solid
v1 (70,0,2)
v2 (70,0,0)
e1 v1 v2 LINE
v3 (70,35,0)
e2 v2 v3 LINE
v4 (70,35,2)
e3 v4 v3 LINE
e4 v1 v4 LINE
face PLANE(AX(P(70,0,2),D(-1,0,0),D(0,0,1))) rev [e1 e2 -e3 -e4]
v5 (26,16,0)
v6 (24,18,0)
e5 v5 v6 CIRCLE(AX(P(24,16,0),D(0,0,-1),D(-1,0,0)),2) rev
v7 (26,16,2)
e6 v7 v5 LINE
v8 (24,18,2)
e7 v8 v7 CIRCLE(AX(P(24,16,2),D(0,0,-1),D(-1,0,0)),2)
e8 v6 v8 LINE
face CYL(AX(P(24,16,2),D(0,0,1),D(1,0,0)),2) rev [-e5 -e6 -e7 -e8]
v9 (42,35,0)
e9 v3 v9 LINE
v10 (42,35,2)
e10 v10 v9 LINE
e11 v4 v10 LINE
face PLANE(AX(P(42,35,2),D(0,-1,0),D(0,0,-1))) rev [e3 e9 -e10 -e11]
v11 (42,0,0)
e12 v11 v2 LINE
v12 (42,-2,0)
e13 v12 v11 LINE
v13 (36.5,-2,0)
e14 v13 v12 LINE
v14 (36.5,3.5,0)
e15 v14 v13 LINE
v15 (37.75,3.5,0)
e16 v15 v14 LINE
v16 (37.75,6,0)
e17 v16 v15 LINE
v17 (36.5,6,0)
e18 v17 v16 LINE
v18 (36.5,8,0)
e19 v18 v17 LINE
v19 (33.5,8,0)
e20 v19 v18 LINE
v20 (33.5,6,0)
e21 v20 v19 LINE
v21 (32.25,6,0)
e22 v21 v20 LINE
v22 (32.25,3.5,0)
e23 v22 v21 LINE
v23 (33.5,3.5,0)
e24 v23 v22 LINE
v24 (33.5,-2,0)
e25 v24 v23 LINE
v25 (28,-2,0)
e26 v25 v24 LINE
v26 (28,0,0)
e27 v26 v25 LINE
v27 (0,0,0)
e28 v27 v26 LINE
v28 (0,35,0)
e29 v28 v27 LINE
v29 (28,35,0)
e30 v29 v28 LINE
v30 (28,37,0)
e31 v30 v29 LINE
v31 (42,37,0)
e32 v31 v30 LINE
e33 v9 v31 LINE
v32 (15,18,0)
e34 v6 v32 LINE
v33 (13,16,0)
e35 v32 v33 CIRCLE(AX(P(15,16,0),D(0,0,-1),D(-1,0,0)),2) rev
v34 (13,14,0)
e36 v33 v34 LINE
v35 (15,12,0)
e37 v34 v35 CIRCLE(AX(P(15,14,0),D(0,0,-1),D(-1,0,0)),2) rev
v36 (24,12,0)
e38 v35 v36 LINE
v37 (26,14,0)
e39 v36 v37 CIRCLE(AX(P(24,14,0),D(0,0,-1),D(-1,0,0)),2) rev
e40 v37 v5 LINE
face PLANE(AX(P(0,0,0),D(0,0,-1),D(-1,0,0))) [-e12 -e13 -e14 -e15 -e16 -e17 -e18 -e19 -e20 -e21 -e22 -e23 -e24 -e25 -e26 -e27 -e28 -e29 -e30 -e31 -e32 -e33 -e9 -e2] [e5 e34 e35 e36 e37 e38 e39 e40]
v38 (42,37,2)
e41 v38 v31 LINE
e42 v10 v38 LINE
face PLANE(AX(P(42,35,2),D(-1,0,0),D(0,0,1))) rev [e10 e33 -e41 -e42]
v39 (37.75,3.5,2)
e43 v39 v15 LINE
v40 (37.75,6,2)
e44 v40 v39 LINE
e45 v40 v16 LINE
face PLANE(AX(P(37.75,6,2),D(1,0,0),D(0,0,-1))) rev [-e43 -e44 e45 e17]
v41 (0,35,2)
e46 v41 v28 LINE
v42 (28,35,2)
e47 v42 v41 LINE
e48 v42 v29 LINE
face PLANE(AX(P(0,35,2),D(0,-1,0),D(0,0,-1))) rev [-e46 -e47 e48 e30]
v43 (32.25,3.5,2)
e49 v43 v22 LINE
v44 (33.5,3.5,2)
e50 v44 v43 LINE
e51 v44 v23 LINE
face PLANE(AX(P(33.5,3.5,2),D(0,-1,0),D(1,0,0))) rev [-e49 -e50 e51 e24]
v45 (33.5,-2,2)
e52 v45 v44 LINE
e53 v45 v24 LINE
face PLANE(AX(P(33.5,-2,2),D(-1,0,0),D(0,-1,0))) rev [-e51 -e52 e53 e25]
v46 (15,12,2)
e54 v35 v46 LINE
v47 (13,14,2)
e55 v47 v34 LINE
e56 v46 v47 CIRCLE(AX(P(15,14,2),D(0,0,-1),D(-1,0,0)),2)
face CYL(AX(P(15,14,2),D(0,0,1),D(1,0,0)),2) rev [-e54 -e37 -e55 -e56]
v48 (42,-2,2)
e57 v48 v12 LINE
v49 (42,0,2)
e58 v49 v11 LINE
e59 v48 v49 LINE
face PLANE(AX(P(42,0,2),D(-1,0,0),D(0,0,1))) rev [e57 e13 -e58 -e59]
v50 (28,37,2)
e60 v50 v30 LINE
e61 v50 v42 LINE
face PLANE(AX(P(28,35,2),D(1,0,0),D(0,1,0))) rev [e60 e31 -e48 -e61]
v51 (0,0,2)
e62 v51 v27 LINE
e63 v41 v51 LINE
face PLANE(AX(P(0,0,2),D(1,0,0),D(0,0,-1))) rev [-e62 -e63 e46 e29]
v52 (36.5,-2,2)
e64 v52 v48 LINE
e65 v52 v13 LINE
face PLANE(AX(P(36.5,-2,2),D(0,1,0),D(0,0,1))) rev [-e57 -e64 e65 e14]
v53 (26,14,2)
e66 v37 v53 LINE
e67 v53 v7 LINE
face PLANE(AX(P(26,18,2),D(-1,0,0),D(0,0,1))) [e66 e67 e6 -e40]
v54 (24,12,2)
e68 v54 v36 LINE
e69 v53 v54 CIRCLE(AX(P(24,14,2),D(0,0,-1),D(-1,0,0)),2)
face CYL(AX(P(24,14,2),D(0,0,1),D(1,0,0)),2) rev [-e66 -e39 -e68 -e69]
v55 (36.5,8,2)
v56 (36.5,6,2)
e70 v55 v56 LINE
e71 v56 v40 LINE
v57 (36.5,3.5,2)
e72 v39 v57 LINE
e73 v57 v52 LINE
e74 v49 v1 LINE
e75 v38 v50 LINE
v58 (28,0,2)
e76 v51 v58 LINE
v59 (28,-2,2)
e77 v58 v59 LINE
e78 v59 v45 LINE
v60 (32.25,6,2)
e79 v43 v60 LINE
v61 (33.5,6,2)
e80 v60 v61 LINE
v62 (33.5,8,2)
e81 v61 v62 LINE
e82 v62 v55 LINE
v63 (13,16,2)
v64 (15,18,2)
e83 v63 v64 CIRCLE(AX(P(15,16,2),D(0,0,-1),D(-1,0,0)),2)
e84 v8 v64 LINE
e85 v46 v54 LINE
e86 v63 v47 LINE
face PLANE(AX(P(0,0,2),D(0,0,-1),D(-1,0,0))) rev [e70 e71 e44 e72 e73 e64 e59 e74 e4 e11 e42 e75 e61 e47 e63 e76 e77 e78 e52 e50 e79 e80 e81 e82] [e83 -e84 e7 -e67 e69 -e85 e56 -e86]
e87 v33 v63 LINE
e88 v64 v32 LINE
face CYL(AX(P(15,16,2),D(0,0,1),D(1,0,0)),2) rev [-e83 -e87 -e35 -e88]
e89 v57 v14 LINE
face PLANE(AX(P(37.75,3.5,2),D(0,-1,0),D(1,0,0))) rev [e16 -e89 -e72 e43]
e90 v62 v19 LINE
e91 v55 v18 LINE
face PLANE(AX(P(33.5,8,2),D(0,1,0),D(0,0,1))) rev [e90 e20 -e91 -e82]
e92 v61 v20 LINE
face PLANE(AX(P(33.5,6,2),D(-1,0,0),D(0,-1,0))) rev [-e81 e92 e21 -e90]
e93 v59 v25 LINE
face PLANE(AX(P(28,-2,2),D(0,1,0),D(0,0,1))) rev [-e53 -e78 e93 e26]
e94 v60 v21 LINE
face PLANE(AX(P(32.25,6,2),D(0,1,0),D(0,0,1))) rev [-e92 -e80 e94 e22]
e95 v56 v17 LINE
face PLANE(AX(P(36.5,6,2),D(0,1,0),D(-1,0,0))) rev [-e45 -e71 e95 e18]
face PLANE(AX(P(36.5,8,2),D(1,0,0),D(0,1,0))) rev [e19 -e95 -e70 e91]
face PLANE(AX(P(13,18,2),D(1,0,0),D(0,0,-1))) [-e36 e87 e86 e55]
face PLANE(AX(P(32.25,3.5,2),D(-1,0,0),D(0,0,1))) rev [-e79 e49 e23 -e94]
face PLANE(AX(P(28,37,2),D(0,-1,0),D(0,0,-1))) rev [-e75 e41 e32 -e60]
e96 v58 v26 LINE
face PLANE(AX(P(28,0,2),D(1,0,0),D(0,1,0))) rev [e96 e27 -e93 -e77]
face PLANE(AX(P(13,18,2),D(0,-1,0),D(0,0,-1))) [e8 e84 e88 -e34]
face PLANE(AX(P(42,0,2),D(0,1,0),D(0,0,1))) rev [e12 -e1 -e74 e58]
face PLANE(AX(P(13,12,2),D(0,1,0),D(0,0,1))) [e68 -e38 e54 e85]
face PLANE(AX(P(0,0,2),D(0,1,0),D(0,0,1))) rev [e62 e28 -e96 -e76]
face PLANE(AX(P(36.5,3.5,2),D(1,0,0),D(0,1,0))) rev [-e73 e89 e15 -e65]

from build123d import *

# Parameters (mm, degrees)
SKETCH1_W                   = 13
SKETCH1_H                   = 6
MAIN_SLIDER_SIDE_UP_DEPTH   = 2
SLIDER_SIDE_UP_CONTOURING_R = 2


with BuildPart() as part:
    # Sketch1 → Main Slider Side Up (new body)
    with BuildSketch(Plane.XY):
        Polygon((42, 35), (70, 35), (70, 0), (42, 0), (42, -2), (36.5, -2), (36.5, 3.5), (37.75, 3.5), (37.75, 6), (36.5, 6), (36.5, 8), (33.5, 8), (33.5, 6), (32.25, 6), (32.25, 3.5), (33.5, 3.5), (33.5, -2), (28, -2), (28, 0), (0, 0), (0, 35), (28, 35), (28, 37), (42, 37), align=None)
        with Locations((19.5, 15)):
            Rectangle(SKETCH1_W, SKETCH1_H, mode=Mode.SUBTRACT)
    extrude(amount=MAIN_SLIDER_SIDE_UP_DEPTH)

    # Slider Side Up Contouring
    slider_side_up_contouring_edges = [part.edges().sort_by_distance(p)[0] for p in [
        (26, 12, 1),
        (26, 18, 1),
        (13, 18, 1),
        (13, 12, 1),
    ]]
    fillet(slider_side_up_contouring_edges, radius=SLIDER_SIDE_UP_CONTOURING_R)


solid = part.part
